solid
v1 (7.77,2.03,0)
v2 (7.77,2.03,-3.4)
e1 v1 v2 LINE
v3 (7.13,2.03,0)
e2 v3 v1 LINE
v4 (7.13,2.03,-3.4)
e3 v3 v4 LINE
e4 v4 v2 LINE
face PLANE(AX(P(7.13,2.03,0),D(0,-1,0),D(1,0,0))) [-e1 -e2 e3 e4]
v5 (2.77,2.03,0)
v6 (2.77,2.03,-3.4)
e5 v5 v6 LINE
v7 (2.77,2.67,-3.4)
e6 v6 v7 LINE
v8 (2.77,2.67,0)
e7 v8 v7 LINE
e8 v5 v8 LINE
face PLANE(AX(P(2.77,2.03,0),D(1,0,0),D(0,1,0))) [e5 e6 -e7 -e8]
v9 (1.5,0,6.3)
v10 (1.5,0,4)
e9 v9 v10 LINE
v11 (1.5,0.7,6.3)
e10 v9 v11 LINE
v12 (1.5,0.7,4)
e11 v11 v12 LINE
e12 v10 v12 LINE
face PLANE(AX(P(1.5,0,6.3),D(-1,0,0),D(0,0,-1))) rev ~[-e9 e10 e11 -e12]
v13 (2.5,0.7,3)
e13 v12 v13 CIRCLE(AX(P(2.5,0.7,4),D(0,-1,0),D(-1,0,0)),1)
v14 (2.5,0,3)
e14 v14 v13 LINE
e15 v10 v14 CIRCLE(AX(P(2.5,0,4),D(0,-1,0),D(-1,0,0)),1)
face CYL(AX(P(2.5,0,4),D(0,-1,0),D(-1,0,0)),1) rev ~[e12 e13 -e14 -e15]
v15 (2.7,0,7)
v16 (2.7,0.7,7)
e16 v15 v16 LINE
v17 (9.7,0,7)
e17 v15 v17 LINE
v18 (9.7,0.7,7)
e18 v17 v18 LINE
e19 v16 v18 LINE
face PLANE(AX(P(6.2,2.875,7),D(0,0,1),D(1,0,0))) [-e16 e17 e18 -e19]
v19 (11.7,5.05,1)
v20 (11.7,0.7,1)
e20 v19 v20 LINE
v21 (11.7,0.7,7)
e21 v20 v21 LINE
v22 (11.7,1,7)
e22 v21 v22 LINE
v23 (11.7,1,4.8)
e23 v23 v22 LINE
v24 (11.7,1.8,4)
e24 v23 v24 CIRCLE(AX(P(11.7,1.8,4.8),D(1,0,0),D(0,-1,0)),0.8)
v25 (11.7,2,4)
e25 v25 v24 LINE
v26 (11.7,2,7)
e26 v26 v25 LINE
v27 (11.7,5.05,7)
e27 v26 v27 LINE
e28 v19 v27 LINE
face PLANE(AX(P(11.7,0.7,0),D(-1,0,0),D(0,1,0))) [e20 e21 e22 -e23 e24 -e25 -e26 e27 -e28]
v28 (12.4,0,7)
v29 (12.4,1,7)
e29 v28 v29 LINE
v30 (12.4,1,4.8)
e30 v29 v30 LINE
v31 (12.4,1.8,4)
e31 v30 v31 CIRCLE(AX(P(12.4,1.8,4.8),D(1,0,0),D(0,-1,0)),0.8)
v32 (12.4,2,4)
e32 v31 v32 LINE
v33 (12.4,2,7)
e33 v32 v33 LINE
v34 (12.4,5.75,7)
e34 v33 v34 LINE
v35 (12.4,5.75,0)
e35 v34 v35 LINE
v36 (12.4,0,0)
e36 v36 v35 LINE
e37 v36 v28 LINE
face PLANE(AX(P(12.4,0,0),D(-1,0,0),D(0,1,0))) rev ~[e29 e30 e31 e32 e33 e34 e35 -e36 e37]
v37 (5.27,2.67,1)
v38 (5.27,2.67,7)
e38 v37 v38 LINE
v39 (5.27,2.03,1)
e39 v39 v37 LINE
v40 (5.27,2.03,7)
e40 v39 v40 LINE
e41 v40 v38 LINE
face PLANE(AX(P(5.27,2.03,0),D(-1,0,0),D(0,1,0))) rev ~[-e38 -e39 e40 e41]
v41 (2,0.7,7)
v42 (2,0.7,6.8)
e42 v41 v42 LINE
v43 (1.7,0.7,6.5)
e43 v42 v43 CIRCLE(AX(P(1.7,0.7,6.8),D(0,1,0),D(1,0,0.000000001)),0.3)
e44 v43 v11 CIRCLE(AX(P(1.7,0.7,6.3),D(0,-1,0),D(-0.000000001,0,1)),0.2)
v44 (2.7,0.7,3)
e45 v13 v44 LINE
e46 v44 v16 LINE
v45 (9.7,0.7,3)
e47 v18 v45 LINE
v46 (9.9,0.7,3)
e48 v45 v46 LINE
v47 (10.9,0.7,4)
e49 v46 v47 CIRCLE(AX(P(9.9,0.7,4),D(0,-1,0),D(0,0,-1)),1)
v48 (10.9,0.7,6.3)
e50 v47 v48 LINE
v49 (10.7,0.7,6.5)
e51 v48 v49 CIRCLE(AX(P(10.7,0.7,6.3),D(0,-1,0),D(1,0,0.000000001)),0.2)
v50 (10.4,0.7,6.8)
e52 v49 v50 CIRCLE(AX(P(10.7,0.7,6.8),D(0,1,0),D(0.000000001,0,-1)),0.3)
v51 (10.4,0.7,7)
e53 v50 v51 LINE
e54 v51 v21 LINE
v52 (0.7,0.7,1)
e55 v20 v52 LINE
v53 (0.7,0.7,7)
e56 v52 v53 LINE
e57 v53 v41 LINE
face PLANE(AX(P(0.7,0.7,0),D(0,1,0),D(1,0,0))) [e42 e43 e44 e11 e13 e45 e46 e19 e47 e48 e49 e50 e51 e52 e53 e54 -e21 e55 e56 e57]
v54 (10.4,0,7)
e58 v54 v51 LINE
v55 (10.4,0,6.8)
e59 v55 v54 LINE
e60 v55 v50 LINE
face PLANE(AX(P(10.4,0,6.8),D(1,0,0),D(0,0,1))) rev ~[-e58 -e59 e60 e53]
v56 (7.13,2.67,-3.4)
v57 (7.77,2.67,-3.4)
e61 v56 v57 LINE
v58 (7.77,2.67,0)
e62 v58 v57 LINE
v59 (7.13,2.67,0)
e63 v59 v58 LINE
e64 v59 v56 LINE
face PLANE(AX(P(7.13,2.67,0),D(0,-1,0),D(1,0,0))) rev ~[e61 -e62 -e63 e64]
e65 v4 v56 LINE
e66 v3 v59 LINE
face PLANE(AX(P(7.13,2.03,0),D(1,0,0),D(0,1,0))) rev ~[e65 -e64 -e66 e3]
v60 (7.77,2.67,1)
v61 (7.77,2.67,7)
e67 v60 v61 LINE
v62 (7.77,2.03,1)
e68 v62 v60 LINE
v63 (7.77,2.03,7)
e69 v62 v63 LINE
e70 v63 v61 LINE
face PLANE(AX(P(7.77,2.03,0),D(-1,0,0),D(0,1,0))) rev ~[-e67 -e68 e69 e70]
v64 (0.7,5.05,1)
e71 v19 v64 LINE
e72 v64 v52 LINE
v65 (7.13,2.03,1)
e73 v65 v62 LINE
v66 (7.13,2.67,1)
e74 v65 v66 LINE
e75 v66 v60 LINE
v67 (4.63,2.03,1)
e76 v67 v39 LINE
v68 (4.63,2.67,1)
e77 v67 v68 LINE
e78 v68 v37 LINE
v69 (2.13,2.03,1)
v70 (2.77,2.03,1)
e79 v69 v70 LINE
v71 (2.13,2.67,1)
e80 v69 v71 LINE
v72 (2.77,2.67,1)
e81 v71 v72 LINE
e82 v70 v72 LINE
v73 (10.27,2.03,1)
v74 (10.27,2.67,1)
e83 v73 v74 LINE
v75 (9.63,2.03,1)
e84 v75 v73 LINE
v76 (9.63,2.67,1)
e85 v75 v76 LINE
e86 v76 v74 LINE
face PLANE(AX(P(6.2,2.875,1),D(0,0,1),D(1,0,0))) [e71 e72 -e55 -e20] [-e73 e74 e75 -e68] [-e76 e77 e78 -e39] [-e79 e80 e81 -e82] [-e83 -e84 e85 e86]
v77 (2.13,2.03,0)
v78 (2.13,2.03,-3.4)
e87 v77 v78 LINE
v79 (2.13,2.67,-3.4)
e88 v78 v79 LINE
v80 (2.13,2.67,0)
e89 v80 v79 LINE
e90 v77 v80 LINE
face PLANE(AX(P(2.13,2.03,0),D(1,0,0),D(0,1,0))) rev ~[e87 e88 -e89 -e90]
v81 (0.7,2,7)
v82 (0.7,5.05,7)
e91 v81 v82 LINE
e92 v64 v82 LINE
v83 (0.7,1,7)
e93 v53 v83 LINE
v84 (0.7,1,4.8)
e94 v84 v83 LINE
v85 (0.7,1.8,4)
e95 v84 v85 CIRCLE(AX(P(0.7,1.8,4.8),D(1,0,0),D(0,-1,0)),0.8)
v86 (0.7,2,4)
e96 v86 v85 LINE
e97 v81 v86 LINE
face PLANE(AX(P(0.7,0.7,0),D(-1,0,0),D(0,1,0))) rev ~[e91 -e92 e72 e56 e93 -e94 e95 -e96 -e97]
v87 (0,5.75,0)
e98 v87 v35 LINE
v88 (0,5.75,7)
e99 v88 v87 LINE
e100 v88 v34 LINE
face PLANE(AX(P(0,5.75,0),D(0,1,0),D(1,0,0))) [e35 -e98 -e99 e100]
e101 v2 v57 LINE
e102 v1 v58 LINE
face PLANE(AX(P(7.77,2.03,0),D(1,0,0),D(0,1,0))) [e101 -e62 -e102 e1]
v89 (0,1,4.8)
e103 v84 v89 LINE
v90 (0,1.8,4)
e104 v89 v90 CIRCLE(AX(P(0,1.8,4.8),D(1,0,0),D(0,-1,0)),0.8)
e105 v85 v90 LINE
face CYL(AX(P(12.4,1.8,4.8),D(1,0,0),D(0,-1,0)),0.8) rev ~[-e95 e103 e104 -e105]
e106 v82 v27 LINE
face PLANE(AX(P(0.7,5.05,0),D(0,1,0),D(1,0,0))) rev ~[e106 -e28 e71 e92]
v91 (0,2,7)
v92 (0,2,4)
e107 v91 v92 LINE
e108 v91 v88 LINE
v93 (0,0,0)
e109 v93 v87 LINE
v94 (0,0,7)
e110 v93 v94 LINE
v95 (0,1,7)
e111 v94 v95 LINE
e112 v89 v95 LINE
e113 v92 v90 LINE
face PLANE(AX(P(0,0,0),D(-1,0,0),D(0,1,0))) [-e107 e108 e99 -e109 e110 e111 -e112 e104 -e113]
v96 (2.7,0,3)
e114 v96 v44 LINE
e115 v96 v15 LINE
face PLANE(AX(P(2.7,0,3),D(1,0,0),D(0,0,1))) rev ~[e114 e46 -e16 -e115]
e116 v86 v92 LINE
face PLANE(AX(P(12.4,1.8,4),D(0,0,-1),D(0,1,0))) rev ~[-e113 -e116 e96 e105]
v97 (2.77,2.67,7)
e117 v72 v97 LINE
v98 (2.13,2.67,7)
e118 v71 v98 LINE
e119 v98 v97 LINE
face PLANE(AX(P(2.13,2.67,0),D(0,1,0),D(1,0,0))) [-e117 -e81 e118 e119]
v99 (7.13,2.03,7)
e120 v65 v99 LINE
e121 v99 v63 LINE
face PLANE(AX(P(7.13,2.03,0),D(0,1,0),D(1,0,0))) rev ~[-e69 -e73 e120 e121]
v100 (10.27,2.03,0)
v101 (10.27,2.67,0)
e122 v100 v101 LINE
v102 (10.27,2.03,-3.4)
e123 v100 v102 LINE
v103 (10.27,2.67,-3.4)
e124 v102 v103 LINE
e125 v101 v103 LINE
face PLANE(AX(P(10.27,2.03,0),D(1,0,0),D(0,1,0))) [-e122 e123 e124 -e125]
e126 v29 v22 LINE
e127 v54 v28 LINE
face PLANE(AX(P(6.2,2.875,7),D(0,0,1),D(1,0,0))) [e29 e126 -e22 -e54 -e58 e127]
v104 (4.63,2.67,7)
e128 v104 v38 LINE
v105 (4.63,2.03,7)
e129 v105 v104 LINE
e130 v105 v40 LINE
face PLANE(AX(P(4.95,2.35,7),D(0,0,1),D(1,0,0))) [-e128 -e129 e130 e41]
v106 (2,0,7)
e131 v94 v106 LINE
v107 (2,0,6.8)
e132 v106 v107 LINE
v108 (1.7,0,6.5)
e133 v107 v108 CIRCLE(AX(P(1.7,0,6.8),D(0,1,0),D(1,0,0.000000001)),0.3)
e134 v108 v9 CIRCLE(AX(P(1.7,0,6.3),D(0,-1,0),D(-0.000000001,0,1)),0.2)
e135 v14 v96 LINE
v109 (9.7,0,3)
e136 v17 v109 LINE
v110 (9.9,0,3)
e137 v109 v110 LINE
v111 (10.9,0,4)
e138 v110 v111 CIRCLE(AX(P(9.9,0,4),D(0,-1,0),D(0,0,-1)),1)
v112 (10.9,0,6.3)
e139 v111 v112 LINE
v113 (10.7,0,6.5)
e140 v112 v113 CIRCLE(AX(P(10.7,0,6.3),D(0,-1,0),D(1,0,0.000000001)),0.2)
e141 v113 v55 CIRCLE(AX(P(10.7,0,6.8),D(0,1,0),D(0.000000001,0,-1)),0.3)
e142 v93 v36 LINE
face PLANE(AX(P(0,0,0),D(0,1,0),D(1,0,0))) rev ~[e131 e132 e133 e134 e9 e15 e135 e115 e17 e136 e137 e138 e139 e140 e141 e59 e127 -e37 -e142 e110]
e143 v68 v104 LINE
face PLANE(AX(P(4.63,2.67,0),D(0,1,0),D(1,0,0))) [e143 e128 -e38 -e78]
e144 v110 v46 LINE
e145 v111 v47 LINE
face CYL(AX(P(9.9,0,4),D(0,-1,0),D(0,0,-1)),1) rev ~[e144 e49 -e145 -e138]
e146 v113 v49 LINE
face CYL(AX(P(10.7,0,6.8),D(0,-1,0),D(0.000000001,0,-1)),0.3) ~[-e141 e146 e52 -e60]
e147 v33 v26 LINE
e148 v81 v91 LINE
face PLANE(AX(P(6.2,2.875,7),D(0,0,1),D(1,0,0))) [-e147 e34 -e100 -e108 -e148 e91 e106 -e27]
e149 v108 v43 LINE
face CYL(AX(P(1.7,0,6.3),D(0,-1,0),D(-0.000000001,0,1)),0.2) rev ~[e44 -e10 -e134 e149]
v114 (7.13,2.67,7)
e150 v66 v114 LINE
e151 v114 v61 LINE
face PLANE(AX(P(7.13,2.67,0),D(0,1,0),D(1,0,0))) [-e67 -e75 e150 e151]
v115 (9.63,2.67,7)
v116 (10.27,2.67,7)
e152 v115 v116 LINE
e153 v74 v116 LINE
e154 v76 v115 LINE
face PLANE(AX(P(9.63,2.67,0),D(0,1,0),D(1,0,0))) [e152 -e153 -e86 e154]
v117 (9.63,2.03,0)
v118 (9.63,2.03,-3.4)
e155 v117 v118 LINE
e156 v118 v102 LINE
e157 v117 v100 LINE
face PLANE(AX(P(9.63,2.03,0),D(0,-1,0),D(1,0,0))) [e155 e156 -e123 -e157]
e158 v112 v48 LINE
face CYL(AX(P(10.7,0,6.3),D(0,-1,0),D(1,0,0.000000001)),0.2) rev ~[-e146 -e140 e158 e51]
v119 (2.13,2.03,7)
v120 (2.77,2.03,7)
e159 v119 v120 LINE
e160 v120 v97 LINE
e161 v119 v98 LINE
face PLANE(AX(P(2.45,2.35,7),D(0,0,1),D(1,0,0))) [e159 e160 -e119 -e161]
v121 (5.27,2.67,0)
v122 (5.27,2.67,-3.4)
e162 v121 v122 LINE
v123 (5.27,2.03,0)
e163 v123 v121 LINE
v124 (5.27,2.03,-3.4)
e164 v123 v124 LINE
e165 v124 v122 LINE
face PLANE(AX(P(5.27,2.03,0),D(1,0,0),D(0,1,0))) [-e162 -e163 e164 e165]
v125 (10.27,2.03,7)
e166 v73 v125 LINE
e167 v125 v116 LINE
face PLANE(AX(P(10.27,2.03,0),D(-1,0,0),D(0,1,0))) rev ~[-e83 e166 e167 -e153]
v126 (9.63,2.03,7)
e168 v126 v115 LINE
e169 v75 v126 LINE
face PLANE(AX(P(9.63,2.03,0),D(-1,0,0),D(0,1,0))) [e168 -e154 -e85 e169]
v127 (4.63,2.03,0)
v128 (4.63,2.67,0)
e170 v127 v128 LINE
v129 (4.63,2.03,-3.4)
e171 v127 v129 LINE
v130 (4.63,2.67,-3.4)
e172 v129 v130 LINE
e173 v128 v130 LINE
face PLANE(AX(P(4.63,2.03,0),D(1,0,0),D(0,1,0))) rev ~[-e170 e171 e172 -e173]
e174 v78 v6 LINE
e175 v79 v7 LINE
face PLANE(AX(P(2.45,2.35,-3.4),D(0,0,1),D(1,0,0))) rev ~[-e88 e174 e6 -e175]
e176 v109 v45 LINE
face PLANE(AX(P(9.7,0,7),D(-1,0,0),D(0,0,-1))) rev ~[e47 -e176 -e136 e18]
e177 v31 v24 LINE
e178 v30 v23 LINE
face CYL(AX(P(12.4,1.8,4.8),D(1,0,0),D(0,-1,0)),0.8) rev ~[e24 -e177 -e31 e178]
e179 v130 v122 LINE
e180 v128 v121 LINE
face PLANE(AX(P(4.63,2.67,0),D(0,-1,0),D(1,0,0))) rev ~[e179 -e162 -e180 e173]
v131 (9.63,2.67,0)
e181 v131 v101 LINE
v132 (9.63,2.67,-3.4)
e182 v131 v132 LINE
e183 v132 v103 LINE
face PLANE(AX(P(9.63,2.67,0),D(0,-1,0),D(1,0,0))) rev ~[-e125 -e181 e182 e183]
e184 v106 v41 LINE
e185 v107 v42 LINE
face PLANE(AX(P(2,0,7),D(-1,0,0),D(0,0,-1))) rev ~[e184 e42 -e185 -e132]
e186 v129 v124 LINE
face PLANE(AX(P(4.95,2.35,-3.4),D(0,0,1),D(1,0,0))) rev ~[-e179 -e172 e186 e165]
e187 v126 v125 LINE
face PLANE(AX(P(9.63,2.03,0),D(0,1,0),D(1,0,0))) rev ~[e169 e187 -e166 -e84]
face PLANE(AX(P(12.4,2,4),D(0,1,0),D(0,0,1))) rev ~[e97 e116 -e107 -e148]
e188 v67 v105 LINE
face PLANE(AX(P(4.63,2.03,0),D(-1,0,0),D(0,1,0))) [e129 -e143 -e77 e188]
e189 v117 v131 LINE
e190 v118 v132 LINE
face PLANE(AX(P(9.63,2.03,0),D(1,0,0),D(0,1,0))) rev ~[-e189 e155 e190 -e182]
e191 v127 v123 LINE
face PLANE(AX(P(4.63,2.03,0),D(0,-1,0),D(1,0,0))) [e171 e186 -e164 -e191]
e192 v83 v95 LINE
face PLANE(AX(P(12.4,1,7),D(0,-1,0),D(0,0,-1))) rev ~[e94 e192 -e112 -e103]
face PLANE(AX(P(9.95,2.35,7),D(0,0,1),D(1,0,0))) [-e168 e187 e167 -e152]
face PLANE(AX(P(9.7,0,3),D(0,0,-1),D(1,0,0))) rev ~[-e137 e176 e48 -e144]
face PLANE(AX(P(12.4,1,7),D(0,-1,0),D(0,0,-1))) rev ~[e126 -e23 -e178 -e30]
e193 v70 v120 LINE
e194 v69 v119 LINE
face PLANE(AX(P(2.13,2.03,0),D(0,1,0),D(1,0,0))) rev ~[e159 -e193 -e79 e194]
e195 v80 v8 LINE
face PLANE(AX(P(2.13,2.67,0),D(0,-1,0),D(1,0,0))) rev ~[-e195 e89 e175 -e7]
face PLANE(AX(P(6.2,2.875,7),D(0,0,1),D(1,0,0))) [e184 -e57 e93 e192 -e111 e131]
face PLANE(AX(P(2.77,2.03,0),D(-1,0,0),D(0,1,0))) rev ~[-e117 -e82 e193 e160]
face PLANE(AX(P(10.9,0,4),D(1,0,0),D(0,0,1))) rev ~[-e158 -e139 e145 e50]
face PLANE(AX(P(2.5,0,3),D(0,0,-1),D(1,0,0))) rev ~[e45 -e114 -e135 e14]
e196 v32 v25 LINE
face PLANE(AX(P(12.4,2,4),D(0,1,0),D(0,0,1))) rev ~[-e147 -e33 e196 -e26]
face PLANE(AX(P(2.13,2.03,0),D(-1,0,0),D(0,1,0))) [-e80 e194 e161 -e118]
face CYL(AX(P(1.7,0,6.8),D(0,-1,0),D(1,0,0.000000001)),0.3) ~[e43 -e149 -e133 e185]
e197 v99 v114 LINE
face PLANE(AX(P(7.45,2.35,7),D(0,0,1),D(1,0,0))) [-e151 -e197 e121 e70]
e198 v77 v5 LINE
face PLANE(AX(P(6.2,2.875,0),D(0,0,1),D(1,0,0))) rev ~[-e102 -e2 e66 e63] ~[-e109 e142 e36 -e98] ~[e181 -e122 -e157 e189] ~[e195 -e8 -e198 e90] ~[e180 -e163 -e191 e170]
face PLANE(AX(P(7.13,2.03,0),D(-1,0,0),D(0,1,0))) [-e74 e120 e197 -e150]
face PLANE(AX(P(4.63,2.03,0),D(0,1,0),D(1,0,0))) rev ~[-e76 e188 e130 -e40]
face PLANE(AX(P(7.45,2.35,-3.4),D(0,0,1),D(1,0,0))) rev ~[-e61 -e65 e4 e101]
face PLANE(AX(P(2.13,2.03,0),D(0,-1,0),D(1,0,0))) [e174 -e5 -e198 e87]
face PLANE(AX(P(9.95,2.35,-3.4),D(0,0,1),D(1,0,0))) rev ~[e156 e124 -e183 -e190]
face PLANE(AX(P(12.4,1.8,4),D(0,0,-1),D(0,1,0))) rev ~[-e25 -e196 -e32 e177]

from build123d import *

# Parameters (mm, degrees)
F0_W          = 12.4
F0_H          = 5.75
F0_W_2        = 11
F0_H_2        = 4.35
F0_W_3        = 0.64
F0_H_3        = 0.64
F1_DEPTH      = 1
F2_DEPTH      = 7
F4_DEPTH      = 12.5
F6_DEPTH      = 0.7
F7_DEPTH      = 7
F7_DEPTH_BACK = 3.4


with BuildPart() as f1:
    # F0 (on Top) → F1 (new body)
    with BuildSketch(Plane.XY):
        with Locations((6.2, 2.875)):
            Rectangle(F0_W, F0_H)
        with Locations((6.2, 2.875)):
            Rectangle(F0_W_2, F0_H_2, mode=Mode.SUBTRACT)
        with Locations((6.2, 2.875)):
            Rectangle(F0_W_2, F0_H_2)
        with Locations((2.45, 2.35)):
            Rectangle(F0_W_3, F0_H_3, mode=Mode.SUBTRACT)
        with Locations((4.95, 2.35)):
            Rectangle(F0_W_3, F0_H_3, mode=Mode.SUBTRACT)
        with Locations((7.45, 2.35)):
            Rectangle(F0_W_3, F0_H_3, mode=Mode.SUBTRACT)
        with Locations((9.95, 2.35)):
            Rectangle(F0_W_3, F0_H_3, mode=Mode.SUBTRACT)
    extrude(amount=F1_DEPTH)

    # F0 (on Top) → F2 (join)
    with BuildSketch(Plane.XY):
        with Locations((6.2, 2.875)):
            Rectangle(F0_W, F0_H)
        with Locations((6.2, 2.875)):
            Rectangle(F0_W_2, F0_H_2, mode=Mode.SUBTRACT)
    extrude(amount=F2_DEPTH)

    # F3 (on face) → F4 (cut)
    with BuildSketch(Plane.YZ.offset(12.4)):
        with BuildLine():
            Line((2, 7), (1, 7))
            Line((1, 7), (1, 4.8))
            ThreePointArc((1, 4.8), (1.2343145751, 4.2343145751), (1.8, 4))
            Line((1.8, 4), (2, 4))
            Line((2, 4), (2, 7))
        make_face()
    extrude(amount=-F4_DEPTH, mode=Mode.SUBTRACT)

    # F5 (on face) → F6 (cut)
    with BuildSketch(Plane.XZ):
        with BuildLine():
            Line((2.7, 3), (2.7, 7))
            Line((2.7, 7), (2, 7))
            Line((2, 7), (2, 6.8))
            ThreePointArc((2, 6.8), (1.9121320344, 6.5878679656), (1.7, 6.5))
            ThreePointArc((1.7, 6.5), (1.5585786438, 6.4414213562), (1.5, 6.3))
            Line((1.5, 6.3), (1.5, 4))
            ThreePointArc((1.5, 4), (1.7928932188, 3.2928932188), (2.5, 3))
            Line((2.5, 3), (2.7, 3))
        make_face()
        with BuildLine():
            Line((10.4, 7), (9.7, 7))
            Line((9.7, 7), (9.7, 3))
            Line((9.7, 3), (9.9, 3))
            ThreePointArc((9.9, 3), (10.6071067812, 3.2928932188), (10.9, 4))
            Line((10.9, 4), (10.9, 6.3))
            ThreePointArc((10.9, 6.3), (10.8414213562, 6.4414213562), (10.7, 6.5))
            ThreePointArc((10.7, 6.5), (10.4878679656, 6.5878679656), (10.4, 6.8))
            Line((10.4, 6.8), (10.4, 7))
        make_face()
    extrude(amount=-F6_DEPTH, mode=Mode.SUBTRACT)

    # F0 (on Top) → F7 (join, two sides)
    with BuildSketch(Plane.XY) as f7_sk:
        with Locations((2.45, 2.35)):
            Rectangle(F0_W_3, F0_H_3)
        with Locations((4.95, 2.35)):
            Rectangle(F0_W_3, F0_H_3)
        with Locations((7.45, 2.35)):
            Rectangle(F0_W_3, F0_H_3)
        with Locations((9.95, 2.35)):
            Rectangle(F0_W_3, F0_H_3)
    extrude(amount=F7_DEPTH)
    extrude(f7_sk.sketch, amount=-F7_DEPTH_BACK)


solid = f1.part
